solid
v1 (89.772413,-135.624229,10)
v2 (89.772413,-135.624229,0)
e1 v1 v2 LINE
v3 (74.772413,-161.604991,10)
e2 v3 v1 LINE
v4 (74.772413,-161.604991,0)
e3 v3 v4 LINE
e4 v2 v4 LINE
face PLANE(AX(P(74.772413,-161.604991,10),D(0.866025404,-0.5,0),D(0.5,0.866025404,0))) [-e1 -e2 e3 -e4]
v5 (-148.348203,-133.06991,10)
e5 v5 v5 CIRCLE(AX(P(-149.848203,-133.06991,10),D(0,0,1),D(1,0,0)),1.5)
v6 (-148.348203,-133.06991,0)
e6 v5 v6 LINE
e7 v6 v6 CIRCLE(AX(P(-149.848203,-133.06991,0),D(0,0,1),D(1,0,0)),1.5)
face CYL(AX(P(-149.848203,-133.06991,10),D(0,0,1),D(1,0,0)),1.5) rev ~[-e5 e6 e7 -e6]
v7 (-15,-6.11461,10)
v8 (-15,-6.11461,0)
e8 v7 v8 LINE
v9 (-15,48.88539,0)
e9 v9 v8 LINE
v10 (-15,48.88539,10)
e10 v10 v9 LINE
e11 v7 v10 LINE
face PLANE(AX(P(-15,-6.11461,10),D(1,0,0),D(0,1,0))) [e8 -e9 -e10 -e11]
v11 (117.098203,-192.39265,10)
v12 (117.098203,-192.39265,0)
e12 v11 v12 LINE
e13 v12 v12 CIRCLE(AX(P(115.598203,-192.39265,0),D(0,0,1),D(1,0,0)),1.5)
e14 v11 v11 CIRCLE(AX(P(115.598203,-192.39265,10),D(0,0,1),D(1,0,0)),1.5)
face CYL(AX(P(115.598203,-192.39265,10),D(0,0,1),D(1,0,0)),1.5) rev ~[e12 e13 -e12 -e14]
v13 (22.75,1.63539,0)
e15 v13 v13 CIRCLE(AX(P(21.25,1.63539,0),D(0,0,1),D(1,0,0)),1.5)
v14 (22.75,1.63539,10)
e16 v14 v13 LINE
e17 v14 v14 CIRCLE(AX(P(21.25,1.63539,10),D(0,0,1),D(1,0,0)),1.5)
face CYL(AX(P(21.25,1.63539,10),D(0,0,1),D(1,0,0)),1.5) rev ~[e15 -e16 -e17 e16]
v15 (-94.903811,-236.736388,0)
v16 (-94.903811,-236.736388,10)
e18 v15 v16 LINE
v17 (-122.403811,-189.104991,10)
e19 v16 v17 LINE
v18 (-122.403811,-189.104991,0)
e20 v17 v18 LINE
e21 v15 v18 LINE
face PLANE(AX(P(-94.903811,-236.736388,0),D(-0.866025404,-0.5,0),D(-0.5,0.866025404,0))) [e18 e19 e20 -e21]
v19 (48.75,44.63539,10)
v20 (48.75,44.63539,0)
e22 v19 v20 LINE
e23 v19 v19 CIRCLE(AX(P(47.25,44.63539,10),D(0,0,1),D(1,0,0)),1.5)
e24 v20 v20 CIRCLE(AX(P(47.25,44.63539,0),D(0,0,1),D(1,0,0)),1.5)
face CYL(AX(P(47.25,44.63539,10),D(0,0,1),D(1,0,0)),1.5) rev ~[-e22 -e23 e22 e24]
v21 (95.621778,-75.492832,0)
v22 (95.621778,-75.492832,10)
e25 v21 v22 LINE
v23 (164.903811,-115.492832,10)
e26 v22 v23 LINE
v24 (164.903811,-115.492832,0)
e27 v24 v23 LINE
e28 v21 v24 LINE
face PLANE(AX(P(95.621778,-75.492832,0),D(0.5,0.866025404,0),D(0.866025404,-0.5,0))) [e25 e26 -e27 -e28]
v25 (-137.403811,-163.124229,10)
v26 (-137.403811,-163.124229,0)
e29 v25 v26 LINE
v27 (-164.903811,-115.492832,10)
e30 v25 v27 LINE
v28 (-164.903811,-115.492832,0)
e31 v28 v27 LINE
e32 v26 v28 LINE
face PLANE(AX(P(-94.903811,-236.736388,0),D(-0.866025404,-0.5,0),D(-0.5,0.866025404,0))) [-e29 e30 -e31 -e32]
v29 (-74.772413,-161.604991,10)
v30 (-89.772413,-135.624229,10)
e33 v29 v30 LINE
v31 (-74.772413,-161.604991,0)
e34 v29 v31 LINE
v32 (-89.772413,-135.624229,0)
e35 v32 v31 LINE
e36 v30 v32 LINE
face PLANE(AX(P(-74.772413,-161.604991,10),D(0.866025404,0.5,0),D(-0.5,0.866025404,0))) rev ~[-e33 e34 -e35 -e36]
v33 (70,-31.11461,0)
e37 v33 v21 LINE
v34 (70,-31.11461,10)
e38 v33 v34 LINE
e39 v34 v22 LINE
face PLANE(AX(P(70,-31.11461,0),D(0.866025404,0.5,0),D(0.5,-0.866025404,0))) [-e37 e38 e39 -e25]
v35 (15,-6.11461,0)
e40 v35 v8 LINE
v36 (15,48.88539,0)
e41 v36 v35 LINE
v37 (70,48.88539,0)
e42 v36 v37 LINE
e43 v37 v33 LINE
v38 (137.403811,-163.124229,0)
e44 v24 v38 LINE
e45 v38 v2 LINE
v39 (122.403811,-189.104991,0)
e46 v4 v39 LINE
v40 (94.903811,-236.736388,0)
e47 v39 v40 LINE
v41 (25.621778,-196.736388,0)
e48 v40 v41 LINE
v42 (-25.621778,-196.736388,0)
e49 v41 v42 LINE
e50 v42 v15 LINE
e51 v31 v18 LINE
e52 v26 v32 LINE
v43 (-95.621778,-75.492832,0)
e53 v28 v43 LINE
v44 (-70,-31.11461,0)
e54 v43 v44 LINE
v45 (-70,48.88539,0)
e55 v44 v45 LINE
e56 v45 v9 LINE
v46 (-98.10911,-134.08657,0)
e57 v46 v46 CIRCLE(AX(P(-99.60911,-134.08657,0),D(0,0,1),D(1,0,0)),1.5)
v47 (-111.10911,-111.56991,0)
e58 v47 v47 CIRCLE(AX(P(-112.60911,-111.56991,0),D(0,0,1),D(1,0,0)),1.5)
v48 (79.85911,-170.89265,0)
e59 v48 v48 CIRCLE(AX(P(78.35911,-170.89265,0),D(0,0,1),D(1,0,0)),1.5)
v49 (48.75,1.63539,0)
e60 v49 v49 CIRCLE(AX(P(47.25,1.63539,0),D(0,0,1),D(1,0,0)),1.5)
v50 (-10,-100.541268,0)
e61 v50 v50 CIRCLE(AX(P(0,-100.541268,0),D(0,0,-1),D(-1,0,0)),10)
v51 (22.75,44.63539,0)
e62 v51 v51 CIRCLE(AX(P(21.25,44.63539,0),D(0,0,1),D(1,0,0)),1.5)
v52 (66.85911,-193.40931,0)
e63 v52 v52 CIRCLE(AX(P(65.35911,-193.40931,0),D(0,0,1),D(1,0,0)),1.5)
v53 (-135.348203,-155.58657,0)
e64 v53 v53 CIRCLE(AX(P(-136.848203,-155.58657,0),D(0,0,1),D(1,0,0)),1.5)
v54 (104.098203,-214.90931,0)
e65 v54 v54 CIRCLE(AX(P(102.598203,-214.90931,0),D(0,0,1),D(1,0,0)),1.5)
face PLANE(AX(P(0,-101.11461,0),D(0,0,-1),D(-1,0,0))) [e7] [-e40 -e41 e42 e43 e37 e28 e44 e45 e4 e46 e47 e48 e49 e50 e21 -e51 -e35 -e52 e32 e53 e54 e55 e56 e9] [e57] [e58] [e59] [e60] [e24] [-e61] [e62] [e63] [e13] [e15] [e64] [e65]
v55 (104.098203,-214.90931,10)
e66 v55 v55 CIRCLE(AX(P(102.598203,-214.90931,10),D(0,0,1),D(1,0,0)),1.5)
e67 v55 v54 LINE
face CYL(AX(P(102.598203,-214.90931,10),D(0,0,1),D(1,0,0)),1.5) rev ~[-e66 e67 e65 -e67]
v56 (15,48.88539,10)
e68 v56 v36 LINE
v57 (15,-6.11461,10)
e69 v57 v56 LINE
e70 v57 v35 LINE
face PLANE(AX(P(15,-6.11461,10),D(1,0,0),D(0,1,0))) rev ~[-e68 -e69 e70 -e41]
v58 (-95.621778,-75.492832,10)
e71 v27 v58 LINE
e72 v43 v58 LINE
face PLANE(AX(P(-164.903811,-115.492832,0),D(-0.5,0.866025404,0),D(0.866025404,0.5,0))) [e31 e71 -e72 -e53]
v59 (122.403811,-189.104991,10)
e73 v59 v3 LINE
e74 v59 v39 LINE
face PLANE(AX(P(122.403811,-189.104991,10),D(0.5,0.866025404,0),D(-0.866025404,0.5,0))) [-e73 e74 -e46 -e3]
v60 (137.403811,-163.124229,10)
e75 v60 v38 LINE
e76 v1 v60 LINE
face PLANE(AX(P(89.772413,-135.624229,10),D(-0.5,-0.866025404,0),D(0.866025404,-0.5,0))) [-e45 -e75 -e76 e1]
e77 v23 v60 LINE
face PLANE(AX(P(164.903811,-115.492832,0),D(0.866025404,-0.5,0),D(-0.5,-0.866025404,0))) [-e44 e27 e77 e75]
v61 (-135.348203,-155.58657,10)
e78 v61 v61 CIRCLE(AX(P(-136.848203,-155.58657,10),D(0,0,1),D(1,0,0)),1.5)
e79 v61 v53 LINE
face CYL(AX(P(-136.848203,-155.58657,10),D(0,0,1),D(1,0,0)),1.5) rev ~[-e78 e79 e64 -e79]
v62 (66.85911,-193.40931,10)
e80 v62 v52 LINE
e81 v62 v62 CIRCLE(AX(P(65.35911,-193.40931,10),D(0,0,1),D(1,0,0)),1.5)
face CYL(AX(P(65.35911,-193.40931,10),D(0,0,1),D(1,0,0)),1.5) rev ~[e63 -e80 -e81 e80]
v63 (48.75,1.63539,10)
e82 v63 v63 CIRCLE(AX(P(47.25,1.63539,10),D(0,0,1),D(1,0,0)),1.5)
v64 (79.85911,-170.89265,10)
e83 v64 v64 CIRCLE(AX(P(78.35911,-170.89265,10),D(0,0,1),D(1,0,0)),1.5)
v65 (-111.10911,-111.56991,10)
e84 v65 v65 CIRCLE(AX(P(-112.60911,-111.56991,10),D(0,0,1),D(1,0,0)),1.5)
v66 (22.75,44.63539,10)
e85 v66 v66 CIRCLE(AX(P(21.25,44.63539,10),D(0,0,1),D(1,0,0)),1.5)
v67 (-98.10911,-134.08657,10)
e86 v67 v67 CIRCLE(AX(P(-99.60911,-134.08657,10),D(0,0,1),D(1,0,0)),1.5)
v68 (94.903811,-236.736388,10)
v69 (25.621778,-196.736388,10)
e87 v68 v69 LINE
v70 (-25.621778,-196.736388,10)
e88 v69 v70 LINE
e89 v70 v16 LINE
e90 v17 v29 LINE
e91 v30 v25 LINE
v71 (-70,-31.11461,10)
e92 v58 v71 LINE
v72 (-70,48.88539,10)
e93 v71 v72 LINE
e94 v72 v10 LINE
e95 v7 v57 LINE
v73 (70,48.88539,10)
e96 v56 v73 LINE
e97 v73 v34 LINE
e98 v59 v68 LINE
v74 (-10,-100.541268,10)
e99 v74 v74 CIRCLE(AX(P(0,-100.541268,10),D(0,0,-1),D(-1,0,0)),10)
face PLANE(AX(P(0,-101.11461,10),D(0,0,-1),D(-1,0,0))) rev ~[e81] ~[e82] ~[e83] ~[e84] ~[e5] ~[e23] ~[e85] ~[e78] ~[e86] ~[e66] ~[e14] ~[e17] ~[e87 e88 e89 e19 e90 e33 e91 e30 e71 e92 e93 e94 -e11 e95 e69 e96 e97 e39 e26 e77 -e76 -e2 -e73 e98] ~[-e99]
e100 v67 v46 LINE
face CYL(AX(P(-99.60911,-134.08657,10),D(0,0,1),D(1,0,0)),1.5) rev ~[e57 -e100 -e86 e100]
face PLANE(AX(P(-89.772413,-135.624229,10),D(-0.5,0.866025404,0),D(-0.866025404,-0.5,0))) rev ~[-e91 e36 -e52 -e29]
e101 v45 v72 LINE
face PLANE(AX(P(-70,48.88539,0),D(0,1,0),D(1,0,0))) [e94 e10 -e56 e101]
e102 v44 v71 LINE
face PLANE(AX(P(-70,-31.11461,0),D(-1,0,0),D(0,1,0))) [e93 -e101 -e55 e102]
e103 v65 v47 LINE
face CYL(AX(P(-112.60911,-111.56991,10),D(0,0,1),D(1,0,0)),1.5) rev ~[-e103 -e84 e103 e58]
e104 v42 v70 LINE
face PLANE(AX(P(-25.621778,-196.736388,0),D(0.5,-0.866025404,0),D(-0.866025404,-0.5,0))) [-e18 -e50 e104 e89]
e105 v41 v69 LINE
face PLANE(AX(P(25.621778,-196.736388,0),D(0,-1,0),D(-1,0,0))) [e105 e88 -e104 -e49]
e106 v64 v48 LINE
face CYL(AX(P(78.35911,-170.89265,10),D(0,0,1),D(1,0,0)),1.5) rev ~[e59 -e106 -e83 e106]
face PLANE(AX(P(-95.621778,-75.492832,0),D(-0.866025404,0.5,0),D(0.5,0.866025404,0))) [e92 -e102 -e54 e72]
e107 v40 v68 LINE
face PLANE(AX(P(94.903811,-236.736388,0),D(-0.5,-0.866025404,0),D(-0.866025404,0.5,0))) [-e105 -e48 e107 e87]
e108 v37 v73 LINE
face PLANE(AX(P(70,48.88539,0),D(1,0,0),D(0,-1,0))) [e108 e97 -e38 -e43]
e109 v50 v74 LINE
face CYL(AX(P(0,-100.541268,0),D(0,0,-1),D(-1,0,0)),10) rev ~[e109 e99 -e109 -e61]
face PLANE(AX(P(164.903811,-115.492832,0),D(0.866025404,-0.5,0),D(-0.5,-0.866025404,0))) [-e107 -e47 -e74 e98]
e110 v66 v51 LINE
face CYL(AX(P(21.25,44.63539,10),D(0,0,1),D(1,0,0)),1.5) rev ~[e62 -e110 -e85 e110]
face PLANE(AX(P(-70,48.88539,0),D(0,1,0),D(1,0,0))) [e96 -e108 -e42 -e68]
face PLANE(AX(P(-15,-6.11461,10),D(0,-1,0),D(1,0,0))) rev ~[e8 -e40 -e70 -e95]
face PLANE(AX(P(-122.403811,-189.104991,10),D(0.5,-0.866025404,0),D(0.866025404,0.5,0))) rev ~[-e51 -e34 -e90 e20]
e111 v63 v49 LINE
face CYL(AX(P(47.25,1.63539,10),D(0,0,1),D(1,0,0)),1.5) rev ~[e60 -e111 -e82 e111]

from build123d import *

# Parameters (mm, degrees)
BOSS_EXTRU_1_DEPTH      = 10
ESQUISSE2_R             = 10
ENL_V_MAT_EXTRU_1_DEPTH = 289.682150945
ENL_V_MAT_EXTRU_2_DEPTH = 289.682150945
ENL_V_MAT_EXTRU_3_DEPTH = 289.682150945
ESQUISSE5_W             = 30
ESQUISSE5_H             = 55
ENL_V_MAT_EXTRU_4_DEPTH = 289.682150945
ESQUISSE6_R             = 1.5
ENL_V_MAT_EXTRU_5_DEPTH = 10
ESQUISSE7_R             = 1.5
ENL_V_MAT_EXTRU_6_DEPTH = 60


with BuildPart() as part:
    # Esquisse1 → Boss.-Extru.1 (new body)
    with BuildSketch(Plane.XY):
        Polygon((-70, 48.885389988), (70, 48.885389988), (70, -31.114610012), (95.621778265, -75.492831747), (164.903810568, -115.492831747), (94.903810568, -236.736388277), (25.621778265, -196.736388277), (-25.621778265, -196.736388277), (-94.903810568, -236.736388277), (-164.903810568, -115.492831747), (-95.621778265, -75.492831747), (-70, -31.114610012), align=None)
    extrude(amount=BOSS_EXTRU_1_DEPTH)

    # Esquisse2 → Enlèv. mat.-Extru.1 (cut, through all)
    with BuildSketch(Plane(origin=(0, 0, 0), x_dir=(-1, 0, 0), z_dir=(0, 0, -1))):
        with Locations((0, -100.541267528)):
            Circle(ESQUISSE2_R)
    extrude(amount=-ENL_V_MAT_EXTRU_1_DEPTH, mode=Mode.SUBTRACT)

    # Esquisse3 → Enlèv. mat.-Extru.2 (cut, through all)
    with BuildSketch(Plane.XY.offset(10)):
        Polygon((-89.77241336, -135.624228955), (-137.403810568, -163.124228955), (-122.403810568, -189.104991068), (-74.77241336, -161.604991068), align=None)
    extrude(amount=-ENL_V_MAT_EXTRU_2_DEPTH, mode=Mode.SUBTRACT)

    # Esquisse4 → Enlèv. mat.-Extru.3 (cut, through all)
    with BuildSketch(Plane.XY.offset(10)):
        Polygon((137.403810568, -163.124228955), (122.403810568, -189.104991068), (74.77241336, -161.604991068), (89.77241336, -135.624228955), align=None)
    extrude(amount=-ENL_V_MAT_EXTRU_3_DEPTH, mode=Mode.SUBTRACT)

    # Esquisse5 → Enlèv. mat.-Extru.4 (cut, through all)
    with BuildSketch(Plane.XY.offset(10)):
        with Locations((0, 21.385389988)):
            Rectangle(ESQUISSE5_W, ESQUISSE5_H)
    extrude(amount=-ENL_V_MAT_EXTRU_4_DEPTH, mode=Mode.SUBTRACT)

    # Esquisse6 → Enlèv. mat.-Extru.5 (cut)
    with BuildSketch(Plane.XY.offset(10)):
        with Locations((-136.848202602, -155.586570181)):
            Circle(ESQUISSE6_R)
        with Locations((-99.609110239, -134.086570181)):
            Circle(ESQUISSE6_R)
        with Locations((-149.848202602, -133.069909683)):
            Circle(ESQUISSE6_R)
        with Locations((-112.609110239, -111.569909683)):
            Circle(ESQUISSE6_R)
    extrude(amount=-ENL_V_MAT_EXTRU_5_DEPTH, mode=Mode.SUBTRACT)

    # Esquisse7 → Enlèv. mat.-Extru.6 (cut)
    with BuildSketch(Plane.XY.offset(10)):
        with Locations((21.25, 44.635389988)):
            Circle(ESQUISSE7_R)
        with Locations((47.25, 44.635389988)):
            Circle(ESQUISSE7_R)
        with Locations((21.25, 1.635389988)):
            Circle(ESQUISSE7_R)
        with Locations((47.25, 1.635389988)):
            Circle(ESQUISSE7_R)
        with Locations((115.598202602, -192.392649842)):
            Circle(ESQUISSE7_R)
        with Locations((78.359110239, -170.892649842)):
            Circle(ESQUISSE7_R)
        with Locations((65.359110239, -193.40931034)):
            Circle(ESQUISSE7_R)
        with Locations((102.598202602, -214.90931034)):
            Circle(ESQUISSE7_R)
    extrude(amount=-ENL_V_MAT_EXTRU_6_DEPTH, mode=Mode.SUBTRACT)


solid = part.part
